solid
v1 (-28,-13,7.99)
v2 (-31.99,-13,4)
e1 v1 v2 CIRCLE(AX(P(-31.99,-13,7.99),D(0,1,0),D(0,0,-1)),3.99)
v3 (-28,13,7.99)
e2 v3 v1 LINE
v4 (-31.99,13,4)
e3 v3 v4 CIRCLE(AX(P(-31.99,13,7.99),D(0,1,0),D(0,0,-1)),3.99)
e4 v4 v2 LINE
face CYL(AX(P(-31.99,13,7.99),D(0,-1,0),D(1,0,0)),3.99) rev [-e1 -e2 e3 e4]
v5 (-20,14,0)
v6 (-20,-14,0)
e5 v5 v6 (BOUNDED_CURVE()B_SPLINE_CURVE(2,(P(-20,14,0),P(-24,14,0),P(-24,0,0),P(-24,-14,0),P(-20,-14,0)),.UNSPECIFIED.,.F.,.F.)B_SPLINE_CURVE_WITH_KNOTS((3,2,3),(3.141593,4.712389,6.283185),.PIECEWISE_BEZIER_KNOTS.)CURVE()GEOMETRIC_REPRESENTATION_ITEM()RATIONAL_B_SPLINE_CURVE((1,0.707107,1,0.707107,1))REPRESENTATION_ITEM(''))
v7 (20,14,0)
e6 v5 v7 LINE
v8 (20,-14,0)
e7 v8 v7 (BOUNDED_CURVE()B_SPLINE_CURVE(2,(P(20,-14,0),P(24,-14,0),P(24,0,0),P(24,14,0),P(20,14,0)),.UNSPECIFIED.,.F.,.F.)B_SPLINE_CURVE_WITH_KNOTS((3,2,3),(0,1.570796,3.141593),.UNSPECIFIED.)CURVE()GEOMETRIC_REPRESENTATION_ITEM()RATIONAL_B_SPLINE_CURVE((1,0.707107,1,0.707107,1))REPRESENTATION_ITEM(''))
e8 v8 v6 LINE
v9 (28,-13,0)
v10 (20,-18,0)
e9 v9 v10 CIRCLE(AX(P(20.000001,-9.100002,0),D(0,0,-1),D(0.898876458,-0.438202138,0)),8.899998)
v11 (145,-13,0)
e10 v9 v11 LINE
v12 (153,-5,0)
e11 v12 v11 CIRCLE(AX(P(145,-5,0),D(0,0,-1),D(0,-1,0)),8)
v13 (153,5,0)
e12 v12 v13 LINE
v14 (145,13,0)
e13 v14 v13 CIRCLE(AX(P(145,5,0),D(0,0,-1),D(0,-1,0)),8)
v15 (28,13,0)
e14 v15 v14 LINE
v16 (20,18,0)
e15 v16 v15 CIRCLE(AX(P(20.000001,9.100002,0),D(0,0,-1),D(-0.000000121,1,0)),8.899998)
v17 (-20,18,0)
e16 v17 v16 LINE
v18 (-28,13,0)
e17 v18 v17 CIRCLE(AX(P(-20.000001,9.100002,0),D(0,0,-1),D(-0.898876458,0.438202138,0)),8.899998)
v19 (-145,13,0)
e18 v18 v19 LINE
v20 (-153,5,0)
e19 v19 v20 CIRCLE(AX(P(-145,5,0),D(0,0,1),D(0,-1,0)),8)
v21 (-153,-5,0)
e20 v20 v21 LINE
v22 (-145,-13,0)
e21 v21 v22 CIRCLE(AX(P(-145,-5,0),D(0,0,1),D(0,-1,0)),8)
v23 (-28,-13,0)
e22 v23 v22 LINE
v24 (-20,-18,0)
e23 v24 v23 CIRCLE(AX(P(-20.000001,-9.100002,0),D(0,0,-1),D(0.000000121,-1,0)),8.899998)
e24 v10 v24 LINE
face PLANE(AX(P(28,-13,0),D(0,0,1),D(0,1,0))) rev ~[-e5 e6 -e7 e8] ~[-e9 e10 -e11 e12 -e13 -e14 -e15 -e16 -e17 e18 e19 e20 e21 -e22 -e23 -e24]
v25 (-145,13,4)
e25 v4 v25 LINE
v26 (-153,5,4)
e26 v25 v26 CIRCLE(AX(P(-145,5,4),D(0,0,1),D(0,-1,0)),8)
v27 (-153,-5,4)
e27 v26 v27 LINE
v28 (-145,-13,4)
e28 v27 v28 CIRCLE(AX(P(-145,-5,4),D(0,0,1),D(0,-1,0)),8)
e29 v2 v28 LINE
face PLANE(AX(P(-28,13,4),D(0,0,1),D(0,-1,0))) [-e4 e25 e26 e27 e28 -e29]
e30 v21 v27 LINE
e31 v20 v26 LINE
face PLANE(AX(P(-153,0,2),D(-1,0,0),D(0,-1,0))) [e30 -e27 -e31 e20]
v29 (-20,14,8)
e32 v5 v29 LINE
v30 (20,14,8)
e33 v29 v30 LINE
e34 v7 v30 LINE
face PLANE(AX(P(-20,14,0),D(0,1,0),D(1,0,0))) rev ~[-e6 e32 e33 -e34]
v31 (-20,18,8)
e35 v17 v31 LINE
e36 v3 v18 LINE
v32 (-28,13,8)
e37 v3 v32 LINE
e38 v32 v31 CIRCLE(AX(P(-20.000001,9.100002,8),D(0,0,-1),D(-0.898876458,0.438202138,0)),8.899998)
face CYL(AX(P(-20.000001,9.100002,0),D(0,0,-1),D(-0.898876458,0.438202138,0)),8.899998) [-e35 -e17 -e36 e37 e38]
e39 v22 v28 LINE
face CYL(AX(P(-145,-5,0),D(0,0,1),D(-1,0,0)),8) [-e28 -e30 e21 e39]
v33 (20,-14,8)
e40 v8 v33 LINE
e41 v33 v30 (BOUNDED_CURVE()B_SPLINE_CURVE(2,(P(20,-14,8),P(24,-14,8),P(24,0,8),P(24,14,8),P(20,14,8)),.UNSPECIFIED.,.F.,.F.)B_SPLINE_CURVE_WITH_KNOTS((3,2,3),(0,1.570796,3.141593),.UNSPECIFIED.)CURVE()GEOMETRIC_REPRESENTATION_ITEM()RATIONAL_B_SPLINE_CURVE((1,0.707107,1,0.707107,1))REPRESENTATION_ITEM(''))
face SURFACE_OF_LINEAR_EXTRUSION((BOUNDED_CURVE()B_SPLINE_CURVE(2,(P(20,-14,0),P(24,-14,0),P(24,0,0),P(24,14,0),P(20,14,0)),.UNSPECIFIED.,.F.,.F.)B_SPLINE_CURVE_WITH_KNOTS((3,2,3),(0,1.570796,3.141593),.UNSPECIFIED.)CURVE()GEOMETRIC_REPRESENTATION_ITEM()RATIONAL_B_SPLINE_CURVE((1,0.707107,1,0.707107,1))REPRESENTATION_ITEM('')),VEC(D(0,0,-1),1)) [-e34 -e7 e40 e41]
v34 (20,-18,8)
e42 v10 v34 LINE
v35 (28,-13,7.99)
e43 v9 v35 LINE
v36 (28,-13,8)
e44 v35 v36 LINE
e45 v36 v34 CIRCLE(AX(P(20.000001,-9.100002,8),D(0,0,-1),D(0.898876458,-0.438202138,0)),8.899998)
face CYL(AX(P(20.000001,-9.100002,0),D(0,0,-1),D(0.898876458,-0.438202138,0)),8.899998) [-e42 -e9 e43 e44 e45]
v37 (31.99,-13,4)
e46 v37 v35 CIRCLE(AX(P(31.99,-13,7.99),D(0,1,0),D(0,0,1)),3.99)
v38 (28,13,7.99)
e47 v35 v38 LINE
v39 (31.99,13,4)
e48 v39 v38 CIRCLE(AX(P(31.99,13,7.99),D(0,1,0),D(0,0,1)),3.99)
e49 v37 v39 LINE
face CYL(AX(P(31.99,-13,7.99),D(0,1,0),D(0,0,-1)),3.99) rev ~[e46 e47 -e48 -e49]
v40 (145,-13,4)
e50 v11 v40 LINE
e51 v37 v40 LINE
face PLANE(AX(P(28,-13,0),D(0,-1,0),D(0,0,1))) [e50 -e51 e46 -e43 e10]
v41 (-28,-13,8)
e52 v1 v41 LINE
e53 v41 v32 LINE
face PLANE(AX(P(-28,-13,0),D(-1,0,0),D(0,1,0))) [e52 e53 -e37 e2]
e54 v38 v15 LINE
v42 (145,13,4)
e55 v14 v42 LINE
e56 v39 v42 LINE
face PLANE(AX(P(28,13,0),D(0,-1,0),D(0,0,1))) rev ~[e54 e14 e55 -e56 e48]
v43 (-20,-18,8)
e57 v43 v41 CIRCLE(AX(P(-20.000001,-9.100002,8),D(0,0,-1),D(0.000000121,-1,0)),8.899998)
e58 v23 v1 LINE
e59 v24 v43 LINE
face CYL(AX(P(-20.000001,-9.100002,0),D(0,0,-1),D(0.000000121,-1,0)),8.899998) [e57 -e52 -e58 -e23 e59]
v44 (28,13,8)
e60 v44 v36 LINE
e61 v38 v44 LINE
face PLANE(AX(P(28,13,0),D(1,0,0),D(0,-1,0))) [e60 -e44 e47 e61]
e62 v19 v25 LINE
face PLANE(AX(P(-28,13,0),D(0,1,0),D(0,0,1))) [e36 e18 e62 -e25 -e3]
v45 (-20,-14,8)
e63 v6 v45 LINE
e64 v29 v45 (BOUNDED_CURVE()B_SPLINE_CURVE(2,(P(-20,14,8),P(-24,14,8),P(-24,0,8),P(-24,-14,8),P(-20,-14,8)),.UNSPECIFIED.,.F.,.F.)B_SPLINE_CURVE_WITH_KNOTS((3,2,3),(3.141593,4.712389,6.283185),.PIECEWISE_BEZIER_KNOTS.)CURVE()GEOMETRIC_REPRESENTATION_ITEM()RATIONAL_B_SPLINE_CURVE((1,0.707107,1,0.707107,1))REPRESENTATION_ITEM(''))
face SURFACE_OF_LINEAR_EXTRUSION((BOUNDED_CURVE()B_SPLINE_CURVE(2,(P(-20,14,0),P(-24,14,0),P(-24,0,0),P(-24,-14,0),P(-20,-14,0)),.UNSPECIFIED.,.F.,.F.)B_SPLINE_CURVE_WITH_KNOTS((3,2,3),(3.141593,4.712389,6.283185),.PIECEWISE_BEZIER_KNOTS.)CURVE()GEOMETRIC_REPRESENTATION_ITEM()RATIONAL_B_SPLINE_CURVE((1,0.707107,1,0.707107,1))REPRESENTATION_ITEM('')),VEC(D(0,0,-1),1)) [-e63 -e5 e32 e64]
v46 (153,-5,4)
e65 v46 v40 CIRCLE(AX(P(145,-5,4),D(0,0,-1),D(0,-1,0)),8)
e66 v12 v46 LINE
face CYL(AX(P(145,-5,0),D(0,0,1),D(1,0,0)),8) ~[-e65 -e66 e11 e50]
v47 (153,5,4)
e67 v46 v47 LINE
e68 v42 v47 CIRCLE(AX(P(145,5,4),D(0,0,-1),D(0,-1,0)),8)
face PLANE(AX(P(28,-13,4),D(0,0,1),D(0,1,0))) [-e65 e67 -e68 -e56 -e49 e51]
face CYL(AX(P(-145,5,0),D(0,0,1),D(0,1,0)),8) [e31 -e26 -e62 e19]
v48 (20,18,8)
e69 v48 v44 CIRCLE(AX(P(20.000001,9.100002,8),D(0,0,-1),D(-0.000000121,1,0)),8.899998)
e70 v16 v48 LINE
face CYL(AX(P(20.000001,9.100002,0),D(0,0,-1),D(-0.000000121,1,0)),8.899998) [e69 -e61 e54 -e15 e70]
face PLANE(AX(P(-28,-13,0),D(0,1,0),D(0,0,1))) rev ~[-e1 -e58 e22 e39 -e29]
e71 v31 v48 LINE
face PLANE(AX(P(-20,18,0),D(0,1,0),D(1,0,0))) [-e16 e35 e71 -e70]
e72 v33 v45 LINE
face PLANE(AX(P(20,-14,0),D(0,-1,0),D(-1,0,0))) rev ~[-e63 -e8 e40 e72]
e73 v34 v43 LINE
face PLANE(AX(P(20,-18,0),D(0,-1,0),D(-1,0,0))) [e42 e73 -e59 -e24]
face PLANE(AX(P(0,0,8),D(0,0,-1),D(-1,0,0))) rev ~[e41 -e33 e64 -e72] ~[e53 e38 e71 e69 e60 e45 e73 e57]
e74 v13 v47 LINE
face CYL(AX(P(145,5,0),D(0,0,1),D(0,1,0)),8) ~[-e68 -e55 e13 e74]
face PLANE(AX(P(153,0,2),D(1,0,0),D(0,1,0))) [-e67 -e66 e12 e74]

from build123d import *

# Parameters (mm, degrees)
PAD_DEPTH    = 8
SKETCH001_W  = 26
SKETCH001_H  = 4
PAD001_DEPTH = 125
SKETCH002_W  = 26
SKETCH002_H  = 4
PAD002_DEPTH = 125
FILLET_R     = 3.99
FILLET001_R  = 3.99
FILLET002_R  = 8
FILLET003_R  = 8


with BuildPart() as part:
    # Sketch → Pad (new body)
    with BuildSketch(Plane.XY):
        with BuildLine():
            ThreePointArc((-28, 13), (-24.716991, 16.647185), (-20, 18))
            Line((-20, 18), (20, 18))
            ThreePointArc((20, 18), (24.716991, 16.647185), (28, 13))
            Line((28, 13), (28, -13))
            ThreePointArc((28, -13), (24.716991, -16.647185), (20, -18))
            Line((20, -18), (-20, -18))
            ThreePointArc((-20, -18), (-24.716991, -16.647185), (-28, -13))
            Line((-28, -13), (-28, 13))
        make_face()
        with BuildLine():
            add(Edge.make_bspline(
                [(-20, 14), (-24, 14), (-24, 0), (-24, -14), (-20, -14)],
                knots=[3.141593, 3.141593, 3.141593, 4.712389, 4.712389, 6.283185, 6.283185, 6.283185], degree=2, weights=[1, 0.707107, 1, 0.707107, 1]))
            Line((-20, 14), (20, 14))
            add(Edge.make_bspline(
                [(20, -14), (24, -14), (24, 0), (24, 14), (20, 14)],
                knots=[0, 0, 0, 1.570796, 1.570796, 3.141593, 3.141593, 3.141593], degree=2, weights=[1, 0.707107, 1, 0.707107, 1]))
            Line((20, -14), (-20, -14))
        make_face(mode=Mode.SUBTRACT)
    extrude(amount=PAD_DEPTH)

    # Sketch001 → Pad001 (new body)
    with BuildSketch(Plane(origin=(-28, 0, 0), x_dir=(0, -1, 0), z_dir=(-1, 0, 0))):
        with Locations((0, 2)):
            Rectangle(SKETCH001_W, SKETCH001_H)
    extrude(amount=PAD001_DEPTH)

    # Sketch002 → Pad002 (new body)
    with BuildSketch(Plane.YZ.offset(28)):
        with Locations((0, 2)):
            Rectangle(SKETCH002_W, SKETCH002_H)
    extrude(amount=PAD002_DEPTH)

    # Fillet
    fillet_edges = [part.edges().sort_by_distance(p)[0] for p in [
        (-28, 0, 4),
    ]]
    fillet(fillet_edges, radius=FILLET_R)

    # Fillet001
    fillet001_edges = [part.edges().sort_by_distance(p)[0] for p in [
        (28, 0, 4),
    ]]
    fillet(fillet001_edges, radius=FILLET001_R)

    # Fillet002
    fillet002_edges = [part.edges().sort_by_distance(p)[0] for p in [
        (-153, 13, 2),
        (-153, -13, 2),
    ]]
    fillet(fillet002_edges, radius=FILLET002_R)

    # Fillet003
    fillet003_edges = [part.edges().sort_by_distance(p)[0] for p in [
        (153, 13, 2),
        (153, -13, 2),
    ]]
    fillet(fillet003_edges, radius=FILLET003_R)


solid = part.part
